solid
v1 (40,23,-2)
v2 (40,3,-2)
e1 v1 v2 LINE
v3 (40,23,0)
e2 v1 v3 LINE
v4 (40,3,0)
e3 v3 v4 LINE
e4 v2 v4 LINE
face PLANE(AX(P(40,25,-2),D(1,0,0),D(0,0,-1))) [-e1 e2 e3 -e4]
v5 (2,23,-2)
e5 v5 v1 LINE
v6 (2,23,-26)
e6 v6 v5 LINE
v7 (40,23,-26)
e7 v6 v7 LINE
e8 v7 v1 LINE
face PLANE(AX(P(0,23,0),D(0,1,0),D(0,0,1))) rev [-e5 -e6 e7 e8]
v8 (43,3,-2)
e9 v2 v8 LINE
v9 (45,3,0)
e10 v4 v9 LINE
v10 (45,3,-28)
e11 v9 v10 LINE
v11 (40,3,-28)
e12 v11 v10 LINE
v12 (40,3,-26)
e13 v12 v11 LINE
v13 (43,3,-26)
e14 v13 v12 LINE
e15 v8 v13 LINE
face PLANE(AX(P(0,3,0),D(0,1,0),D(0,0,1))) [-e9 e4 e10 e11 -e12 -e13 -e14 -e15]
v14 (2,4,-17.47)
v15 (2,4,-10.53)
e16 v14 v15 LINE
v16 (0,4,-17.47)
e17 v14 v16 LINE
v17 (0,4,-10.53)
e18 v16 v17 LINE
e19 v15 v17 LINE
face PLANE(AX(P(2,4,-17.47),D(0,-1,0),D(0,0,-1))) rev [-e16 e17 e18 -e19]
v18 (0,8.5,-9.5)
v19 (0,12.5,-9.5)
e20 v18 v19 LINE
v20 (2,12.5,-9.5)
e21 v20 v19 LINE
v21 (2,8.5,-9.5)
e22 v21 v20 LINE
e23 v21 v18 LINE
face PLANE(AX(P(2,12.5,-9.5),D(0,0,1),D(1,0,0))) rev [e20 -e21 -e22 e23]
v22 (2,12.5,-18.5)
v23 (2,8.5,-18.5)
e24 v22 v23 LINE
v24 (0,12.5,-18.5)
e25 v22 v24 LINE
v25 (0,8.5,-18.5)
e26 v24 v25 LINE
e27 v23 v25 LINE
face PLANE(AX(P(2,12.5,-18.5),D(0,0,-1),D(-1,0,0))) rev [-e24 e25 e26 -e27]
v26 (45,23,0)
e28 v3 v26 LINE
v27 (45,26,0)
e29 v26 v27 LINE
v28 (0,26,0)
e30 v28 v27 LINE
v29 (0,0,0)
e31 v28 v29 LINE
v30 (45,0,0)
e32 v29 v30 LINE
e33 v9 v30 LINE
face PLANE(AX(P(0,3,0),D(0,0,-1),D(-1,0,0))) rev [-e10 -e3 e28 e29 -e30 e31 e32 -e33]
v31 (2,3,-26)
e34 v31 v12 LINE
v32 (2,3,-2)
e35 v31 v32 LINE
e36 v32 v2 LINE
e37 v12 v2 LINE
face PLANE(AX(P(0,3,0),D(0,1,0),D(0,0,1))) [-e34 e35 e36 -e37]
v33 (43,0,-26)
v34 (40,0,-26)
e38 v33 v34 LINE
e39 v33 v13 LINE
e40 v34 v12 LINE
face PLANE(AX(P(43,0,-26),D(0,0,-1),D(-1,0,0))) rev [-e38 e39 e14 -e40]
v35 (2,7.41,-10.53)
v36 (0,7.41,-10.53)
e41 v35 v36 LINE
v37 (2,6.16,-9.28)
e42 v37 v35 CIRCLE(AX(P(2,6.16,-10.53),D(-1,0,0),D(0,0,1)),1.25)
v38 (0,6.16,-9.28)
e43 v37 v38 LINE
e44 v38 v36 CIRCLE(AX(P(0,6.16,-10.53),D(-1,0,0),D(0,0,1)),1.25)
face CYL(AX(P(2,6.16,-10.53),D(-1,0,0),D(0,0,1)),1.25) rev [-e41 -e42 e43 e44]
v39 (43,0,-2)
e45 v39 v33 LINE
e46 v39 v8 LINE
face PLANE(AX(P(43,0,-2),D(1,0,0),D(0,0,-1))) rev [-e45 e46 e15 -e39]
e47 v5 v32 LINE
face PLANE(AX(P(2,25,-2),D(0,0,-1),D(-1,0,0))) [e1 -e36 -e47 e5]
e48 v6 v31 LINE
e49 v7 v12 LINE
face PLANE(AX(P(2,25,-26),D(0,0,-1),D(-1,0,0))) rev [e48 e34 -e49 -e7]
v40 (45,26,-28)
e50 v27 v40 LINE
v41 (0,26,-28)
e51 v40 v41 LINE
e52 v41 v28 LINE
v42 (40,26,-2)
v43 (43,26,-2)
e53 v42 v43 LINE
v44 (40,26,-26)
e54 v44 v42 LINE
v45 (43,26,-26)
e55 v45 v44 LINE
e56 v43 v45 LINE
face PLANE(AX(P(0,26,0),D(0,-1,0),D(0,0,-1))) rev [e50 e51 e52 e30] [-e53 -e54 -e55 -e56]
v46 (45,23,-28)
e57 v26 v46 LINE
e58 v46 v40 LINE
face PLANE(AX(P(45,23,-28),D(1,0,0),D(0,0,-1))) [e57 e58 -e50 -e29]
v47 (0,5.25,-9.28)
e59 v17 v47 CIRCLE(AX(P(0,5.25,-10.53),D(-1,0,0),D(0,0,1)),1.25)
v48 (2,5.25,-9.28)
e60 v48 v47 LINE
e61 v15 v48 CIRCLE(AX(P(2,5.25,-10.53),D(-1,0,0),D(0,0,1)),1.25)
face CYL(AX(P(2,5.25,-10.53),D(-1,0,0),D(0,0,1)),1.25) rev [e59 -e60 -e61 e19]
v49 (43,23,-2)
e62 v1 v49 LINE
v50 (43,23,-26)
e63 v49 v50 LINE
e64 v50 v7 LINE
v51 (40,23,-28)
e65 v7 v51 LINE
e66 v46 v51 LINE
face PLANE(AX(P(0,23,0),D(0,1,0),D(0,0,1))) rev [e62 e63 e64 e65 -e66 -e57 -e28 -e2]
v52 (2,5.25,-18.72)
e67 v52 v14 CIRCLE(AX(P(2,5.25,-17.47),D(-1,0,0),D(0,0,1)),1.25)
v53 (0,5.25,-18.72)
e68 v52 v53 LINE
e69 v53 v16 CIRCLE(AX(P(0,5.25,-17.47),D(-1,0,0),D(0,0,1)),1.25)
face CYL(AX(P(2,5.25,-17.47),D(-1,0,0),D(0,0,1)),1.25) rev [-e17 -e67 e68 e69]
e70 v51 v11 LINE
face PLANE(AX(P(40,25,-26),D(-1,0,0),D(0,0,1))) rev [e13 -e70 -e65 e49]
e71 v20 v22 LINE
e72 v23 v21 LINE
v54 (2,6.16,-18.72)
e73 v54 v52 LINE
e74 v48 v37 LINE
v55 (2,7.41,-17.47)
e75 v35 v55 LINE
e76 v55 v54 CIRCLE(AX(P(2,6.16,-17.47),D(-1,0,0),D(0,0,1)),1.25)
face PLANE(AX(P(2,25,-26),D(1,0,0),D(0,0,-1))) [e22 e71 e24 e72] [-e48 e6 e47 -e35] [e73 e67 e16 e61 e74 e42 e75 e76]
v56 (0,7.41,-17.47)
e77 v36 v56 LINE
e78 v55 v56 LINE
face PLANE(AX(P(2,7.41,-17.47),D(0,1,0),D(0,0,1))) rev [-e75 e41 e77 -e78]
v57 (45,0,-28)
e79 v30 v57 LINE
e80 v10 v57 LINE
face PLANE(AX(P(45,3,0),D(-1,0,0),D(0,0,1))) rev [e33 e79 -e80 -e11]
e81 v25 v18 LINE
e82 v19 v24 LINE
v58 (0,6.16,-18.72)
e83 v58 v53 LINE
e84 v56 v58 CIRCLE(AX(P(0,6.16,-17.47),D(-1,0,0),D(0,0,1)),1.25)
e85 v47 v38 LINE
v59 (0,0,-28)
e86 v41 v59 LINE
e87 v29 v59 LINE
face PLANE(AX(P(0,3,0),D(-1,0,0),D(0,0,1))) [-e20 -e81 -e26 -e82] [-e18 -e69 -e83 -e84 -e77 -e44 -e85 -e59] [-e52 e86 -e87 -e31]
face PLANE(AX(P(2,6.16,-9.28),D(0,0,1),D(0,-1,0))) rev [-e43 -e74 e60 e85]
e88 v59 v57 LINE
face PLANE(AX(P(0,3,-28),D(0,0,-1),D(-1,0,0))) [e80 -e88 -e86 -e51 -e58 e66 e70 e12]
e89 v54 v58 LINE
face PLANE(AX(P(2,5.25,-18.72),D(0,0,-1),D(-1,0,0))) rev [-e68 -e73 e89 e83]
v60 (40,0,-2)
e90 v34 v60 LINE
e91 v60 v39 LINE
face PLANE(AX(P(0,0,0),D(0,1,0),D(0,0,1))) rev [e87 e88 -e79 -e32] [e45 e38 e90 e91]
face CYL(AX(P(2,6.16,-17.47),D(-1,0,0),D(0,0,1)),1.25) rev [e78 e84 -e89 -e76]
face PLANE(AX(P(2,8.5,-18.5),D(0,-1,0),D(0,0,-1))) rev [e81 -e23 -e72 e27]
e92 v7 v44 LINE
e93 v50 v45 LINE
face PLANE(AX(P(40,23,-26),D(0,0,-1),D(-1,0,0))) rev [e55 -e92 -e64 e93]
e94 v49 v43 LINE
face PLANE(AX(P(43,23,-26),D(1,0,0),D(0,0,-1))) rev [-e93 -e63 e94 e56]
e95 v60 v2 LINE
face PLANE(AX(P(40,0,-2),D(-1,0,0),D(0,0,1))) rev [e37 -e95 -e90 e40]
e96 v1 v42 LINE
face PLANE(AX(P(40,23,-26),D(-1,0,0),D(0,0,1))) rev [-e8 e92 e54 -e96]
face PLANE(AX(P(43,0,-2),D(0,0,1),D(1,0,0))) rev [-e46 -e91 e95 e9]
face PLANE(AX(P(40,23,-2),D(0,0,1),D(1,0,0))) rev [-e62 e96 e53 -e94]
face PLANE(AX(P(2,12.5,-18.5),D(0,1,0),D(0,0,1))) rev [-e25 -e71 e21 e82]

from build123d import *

# Parameters (mm, degrees)
SKETCH1_W           = 45
SKETCH1_H           = 28
BOSS_EXTRUDE1_DEPTH = 3
BOSS_EXTRUDE2_DEPTH = 22
SKETCH4_W           = 45
SKETCH4_H           = 28
SKETCH4_W_2         = 3
SKETCH4_H_2         = 24
BOSS_EXTRUDE4_DEPTH = 2
SKETCH5_W           = 9
SKETCH5_H           = 4
CUT_EXTRUDE1_DEPTH  = 2
SKETCH6_W           = 3
SKETCH6_H           = 24
CUT_EXTRUDE2_DEPTH  = 3
SKETCH7_W           = 45
SKETCH7_H           = 28
SKETCH7_W_2         = 3
SKETCH7_H_2         = 24
BOSS_EXTRUDE5_DEPTH = 1


with BuildPart() as part:
    # Sketch1 → Boss-Extrude1 (new body)
    with BuildSketch(Plane(origin=(0, 0, 0), x_dir=(1, 0, 0), z_dir=(0, 1, 0))):
        with Locations((22.5, 14)):
            Rectangle(SKETCH1_W, SKETCH1_H)
    extrude(amount=BOSS_EXTRUDE1_DEPTH)

    # Sketch2 → Boss-Extrude2 (add)
    with BuildSketch(Plane(origin=(0, 3, 0), x_dir=(1, 0, 0), z_dir=(0, 1, 0))):
        Polygon((40, 26), (40, 28), (0, 28), (0, 0), (40, 0), (40, 2), (2, 2), (2, 26), align=None)
    extrude(amount=BOSS_EXTRUDE2_DEPTH)

    # Sketch4 → Boss-Extrude4 (add)
    with BuildSketch(Plane(origin=(0, 25, 0), x_dir=(1, 0, 0), z_dir=(0, 1, 0))):
        with Locations((22.5, 14)):
            Rectangle(SKETCH4_W, SKETCH4_H)
        with Locations((41.5, 14)):
            Rectangle(SKETCH4_W_2, SKETCH4_H_2, mode=Mode.SUBTRACT)
    extrude(amount=-BOSS_EXTRUDE4_DEPTH)

    # Sketch5 → Cut-Extrude1 (cut)
    with BuildSketch(Plane.ZY):
        with BuildLine():
            Line((-18.72, 5.25), (-18.72, 6.16))
            ThreePointArc((-18.72, 6.16), (-18.353883476, 7.043883476), (-17.47, 7.41))
            Line((-17.47, 7.41), (-10.53, 7.41))
            ThreePointArc((-10.53, 7.41), (-9.646116524, 7.043883476), (-9.28, 6.16))
            Line((-9.28, 6.16), (-9.28, 5.25))
            ThreePointArc((-9.28, 5.25), (-9.646116524, 4.366116524), (-10.53, 4))
            Line((-10.53, 4), (-17.47, 4))
            ThreePointArc((-17.47, 4), (-18.353883476, 4.366116524), (-18.72, 5.25))
        make_face()
        with Locations((-14, 10.5)):
            Rectangle(SKETCH5_W, SKETCH5_H)
    extrude(amount=-CUT_EXTRUDE1_DEPTH, mode=Mode.SUBTRACT)

    # Sketch6 → Cut-Extrude2 (cut)
    with BuildSketch(Plane(origin=(0, 3, 0), x_dir=(1, 0, 0), z_dir=(0, 1, 0))):
        with Locations((41.5, 14)):
            Rectangle(SKETCH6_W, SKETCH6_H)
    extrude(amount=-CUT_EXTRUDE2_DEPTH, mode=Mode.SUBTRACT)

    # Sketch7 → Boss-Extrude5 (add)
    with BuildSketch(Plane(origin=(0, 25, 0), x_dir=(1, 0, 0), z_dir=(0, 1, 0))):
        with Locations((22.5, 14)):
            Rectangle(SKETCH7_W, SKETCH7_H)
        with Locations((41.5, 14)):
            Rectangle(SKETCH7_W_2, SKETCH7_H_2, mode=Mode.SUBTRACT)
    extrude(amount=BOSS_EXTRUDE5_DEPTH)


solid = part.part
